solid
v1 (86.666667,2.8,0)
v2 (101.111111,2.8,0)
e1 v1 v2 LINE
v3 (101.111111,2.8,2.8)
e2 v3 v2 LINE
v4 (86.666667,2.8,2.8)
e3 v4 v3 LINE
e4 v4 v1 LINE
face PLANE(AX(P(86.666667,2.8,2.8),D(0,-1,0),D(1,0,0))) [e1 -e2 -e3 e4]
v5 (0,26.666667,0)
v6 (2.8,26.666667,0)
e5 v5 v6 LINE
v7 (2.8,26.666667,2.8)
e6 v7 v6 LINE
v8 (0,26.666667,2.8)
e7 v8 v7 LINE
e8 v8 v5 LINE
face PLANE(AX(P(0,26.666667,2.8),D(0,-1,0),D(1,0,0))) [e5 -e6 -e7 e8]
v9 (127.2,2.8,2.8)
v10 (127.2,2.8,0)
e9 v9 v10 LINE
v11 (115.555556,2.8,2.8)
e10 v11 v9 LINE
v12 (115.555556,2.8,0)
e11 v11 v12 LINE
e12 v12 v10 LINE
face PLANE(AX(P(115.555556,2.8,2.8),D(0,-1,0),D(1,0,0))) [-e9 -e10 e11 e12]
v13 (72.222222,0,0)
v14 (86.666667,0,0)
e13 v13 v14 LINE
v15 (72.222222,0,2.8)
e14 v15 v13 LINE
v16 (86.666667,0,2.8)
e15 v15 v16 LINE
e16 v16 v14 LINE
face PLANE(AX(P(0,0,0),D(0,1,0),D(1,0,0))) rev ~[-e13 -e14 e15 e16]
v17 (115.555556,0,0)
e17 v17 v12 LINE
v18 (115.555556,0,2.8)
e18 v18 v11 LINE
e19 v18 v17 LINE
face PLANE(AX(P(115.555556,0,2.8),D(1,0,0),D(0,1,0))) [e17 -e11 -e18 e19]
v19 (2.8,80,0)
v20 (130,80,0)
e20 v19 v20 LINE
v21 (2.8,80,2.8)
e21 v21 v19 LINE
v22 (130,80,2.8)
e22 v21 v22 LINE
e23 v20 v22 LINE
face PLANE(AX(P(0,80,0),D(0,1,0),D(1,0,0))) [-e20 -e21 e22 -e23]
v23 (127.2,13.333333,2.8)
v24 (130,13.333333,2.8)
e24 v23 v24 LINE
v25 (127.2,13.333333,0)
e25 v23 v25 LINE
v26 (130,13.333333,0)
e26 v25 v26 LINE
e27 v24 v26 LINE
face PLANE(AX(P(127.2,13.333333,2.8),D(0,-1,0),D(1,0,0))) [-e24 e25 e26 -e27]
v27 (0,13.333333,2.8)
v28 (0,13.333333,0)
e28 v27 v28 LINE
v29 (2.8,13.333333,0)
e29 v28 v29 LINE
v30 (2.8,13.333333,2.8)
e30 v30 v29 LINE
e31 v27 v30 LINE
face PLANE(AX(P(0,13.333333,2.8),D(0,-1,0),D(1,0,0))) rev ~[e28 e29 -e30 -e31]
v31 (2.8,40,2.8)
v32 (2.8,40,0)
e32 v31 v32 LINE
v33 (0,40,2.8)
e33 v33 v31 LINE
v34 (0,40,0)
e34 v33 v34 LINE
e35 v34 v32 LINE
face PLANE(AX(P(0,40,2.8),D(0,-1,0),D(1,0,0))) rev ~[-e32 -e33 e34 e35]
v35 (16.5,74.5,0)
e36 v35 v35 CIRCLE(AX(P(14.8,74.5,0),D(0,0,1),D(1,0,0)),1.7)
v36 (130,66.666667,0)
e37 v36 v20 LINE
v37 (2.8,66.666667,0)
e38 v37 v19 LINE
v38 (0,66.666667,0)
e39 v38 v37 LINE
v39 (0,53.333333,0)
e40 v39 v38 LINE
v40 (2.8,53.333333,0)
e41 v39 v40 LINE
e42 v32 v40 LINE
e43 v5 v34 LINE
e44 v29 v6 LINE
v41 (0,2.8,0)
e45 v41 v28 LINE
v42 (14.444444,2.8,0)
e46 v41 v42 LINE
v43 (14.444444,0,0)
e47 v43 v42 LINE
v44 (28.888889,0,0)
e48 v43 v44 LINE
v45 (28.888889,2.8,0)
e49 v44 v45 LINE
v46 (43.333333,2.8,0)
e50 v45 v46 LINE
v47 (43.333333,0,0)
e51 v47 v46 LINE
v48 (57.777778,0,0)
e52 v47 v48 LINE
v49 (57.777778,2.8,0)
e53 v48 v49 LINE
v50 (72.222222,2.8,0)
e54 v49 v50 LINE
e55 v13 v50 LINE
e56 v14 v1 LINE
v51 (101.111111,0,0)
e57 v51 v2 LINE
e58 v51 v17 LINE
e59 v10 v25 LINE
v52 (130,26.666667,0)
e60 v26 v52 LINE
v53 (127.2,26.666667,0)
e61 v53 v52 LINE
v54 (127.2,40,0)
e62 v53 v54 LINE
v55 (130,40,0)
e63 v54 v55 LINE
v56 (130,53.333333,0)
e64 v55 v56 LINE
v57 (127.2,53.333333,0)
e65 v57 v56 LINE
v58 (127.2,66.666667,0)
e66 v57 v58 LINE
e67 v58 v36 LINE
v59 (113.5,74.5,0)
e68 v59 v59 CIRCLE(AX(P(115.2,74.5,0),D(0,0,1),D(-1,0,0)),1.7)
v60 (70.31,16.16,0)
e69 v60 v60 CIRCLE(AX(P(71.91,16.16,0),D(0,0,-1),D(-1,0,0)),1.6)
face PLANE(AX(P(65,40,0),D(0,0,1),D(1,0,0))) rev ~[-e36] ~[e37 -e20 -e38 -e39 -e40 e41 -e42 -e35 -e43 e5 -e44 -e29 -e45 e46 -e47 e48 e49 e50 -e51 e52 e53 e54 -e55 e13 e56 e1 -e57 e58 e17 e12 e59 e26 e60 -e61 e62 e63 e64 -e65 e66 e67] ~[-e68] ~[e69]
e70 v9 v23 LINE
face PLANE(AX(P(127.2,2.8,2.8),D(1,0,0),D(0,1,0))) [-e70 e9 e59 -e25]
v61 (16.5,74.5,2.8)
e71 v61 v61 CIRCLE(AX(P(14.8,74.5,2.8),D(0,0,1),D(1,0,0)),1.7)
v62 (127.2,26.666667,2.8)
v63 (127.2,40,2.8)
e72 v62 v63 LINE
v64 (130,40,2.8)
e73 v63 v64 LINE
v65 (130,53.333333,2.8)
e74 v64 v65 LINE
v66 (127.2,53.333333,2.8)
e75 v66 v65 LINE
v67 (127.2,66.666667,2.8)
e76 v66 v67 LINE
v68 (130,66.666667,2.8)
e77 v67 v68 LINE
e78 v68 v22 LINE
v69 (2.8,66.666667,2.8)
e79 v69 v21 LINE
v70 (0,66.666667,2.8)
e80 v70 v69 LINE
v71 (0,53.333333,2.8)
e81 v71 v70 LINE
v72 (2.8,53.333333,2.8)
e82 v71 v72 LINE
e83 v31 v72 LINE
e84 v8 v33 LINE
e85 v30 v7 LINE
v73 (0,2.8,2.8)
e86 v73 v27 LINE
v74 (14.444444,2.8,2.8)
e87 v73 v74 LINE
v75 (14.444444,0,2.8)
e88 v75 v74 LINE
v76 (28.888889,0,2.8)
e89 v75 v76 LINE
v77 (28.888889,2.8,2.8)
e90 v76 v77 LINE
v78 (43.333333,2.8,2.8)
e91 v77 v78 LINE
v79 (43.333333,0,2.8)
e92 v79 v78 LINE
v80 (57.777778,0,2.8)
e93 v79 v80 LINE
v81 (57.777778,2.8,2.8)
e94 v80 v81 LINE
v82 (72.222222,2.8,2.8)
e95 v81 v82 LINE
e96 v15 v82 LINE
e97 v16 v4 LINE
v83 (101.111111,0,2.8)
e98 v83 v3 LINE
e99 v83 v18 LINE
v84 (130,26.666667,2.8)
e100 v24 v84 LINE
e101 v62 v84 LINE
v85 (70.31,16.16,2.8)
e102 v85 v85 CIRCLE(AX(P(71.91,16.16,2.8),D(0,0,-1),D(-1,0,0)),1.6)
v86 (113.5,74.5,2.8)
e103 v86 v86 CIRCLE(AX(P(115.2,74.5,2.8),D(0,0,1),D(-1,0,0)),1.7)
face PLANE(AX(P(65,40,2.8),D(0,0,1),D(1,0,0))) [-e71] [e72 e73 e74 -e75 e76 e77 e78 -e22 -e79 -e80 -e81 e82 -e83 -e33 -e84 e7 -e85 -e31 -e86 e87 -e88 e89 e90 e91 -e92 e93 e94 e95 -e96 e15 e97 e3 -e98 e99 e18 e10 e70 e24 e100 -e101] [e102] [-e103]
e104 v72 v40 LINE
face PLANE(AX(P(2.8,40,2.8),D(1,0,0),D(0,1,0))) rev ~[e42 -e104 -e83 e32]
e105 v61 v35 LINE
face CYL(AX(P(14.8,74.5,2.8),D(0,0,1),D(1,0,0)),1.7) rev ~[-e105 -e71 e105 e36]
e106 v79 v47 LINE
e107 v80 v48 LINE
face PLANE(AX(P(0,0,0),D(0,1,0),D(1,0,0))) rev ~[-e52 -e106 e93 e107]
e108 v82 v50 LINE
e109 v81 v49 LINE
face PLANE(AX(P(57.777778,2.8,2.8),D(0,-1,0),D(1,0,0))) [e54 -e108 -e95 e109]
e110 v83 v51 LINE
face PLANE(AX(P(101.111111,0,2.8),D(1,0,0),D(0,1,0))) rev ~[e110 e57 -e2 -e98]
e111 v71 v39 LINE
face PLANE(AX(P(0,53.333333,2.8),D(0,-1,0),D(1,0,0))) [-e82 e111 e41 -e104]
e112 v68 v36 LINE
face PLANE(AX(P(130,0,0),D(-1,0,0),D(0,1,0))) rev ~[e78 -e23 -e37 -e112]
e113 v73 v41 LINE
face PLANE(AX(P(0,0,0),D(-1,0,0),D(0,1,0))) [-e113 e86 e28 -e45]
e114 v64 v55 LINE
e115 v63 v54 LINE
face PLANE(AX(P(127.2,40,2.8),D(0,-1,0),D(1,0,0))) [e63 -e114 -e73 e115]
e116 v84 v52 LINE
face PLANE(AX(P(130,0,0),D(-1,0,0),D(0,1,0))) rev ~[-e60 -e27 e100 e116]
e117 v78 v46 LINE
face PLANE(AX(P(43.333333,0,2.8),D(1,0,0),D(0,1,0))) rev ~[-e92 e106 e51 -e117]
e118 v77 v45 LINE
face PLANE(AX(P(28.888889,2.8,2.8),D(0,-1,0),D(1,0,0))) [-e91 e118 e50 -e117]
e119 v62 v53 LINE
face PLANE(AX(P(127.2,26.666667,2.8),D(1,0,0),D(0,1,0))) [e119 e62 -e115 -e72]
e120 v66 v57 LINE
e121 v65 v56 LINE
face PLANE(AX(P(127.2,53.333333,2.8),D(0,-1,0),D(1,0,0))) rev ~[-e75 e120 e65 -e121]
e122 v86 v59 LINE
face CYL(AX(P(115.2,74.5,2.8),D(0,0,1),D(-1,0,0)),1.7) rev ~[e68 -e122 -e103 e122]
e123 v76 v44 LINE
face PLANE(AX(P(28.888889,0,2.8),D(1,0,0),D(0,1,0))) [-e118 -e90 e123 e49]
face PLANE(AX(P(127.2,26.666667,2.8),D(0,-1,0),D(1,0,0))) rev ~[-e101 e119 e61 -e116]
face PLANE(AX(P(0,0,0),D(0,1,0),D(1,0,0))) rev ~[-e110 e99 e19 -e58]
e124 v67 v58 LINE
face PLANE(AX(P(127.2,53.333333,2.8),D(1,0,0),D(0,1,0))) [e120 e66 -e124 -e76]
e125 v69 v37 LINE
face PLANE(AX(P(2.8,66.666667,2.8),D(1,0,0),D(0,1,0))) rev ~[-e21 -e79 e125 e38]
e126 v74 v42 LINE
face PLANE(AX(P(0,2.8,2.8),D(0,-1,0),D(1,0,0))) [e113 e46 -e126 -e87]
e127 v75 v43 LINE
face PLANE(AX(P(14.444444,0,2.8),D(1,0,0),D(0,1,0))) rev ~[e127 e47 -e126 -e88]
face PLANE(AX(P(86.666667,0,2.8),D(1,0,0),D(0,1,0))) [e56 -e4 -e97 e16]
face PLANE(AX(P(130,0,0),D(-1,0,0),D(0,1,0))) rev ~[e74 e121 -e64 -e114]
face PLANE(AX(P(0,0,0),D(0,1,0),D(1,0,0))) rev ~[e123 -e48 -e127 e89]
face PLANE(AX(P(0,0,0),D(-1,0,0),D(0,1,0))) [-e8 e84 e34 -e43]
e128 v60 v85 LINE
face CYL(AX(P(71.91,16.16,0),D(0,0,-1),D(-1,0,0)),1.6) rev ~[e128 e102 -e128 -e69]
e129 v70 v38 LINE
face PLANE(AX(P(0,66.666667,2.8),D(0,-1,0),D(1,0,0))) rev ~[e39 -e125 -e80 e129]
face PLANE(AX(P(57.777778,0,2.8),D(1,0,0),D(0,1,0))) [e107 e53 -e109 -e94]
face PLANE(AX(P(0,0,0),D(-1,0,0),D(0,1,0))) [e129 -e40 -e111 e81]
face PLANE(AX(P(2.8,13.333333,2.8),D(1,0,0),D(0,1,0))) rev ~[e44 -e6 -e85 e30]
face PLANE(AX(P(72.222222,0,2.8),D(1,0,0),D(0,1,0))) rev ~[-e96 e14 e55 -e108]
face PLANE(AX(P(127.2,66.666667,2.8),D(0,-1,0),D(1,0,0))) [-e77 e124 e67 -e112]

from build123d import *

# Parameters (mm, degrees)
SKETCH1_W                = 130
SKETCH1_H                = 80
BOSS_EXTRUDE1_DEPTH      = 2.8
SKETCH2_W                = 14.444444444
SKETCH2_H                = 2.8
SKETCH2_W_2              = 2.8
SKETCH2_H_2              = 13.333333334
SKETCH2_H_3              = 13.333333333
CUT_EXTRUDE1_DEPTH       = 153.669053839
CUT_EXTRUDE2_REACH       = 154.669
SKETCH3_R                = 1.7
TUNING_DRIVER_HOLE_REACH = 154.669
SKETCH4_R                = 1.6


with BuildPart() as part:
    # Sketch1 → Boss-Extrude1 (new body)
    with BuildSketch(Plane.XY):
        with Locations((65, 40)):
            Rectangle(SKETCH1_W, SKETCH1_H)
    extrude(amount=BOSS_EXTRUDE1_DEPTH)

    # Sketch2 → Cut-Extrude1 (cut, through all)
    with BuildSketch(Plane.XY.offset(2.8)):
        with Locations((7.222222222, 1.4)):
            Rectangle(SKETCH2_W, SKETCH2_H)
        with Locations((36.111111111, 1.4)):
            Rectangle(SKETCH2_W, SKETCH2_H)
        with Locations((65, 1.4)):
            Rectangle(SKETCH2_W, SKETCH2_H)
        with Locations((93.888888889, 1.4)):
            Rectangle(SKETCH2_W, SKETCH2_H)
        Polygon((115.555555556, 0), (115.555555556, 2.8), (127.2, 2.8), (127.2, 13.333333333), (130, 13.333333333), (130, 0), align=None)
        with Locations((1.4, 20)):
            Rectangle(SKETCH2_W_2, SKETCH2_H_2)
        with Locations((1.4, 46.666666667)):
            Rectangle(SKETCH2_W_2, SKETCH2_H_3)
        with Locations((1.4, 73.333333334)):
            Rectangle(SKETCH2_W_2, SKETCH2_H_3)
        with Locations((128.6, 33.333333334)):
            Rectangle(SKETCH2_W_2, SKETCH2_H_3)
        with Locations((128.6, 60)):
            Rectangle(SKETCH2_W_2, SKETCH2_H_2)
    extrude(amount=-CUT_EXTRUDE1_DEPTH, mode=Mode.SUBTRACT)

    # Sketch3 → Cut-Extrude2 (cut, up to next)
    with BuildSketch(Plane.XY.offset(2.8), mode=Mode.PRIVATE) as cut_extrude2_sk1:
        with Locations((14.8, 74.5)):
            Circle(SKETCH3_R)
    cut_extrude2_tool1 = extrude(cut_extrude2_sk1.sketch, amount=-CUT_EXTRUDE2_REACH, mode=Mode.PRIVATE) & part.part
    # Sketch3 → Cut-Extrude2 (cut, up to next)
    with BuildSketch(Plane.XY.offset(2.8), mode=Mode.PRIVATE) as cut_extrude2_sk2:
        with Locations(Location((115.2, 74.5, 0), (0, 0, 180))):
            Circle(SKETCH3_R)
    cut_extrude2_tool2 = extrude(cut_extrude2_sk2.sketch, amount=-CUT_EXTRUDE2_REACH, mode=Mode.PRIVATE) & part.part
    add(cut_extrude2_tool1.solids().sort_by_distance((14.8, 74.5, 2.8))[0], mode=Mode.SUBTRACT)
    add(cut_extrude2_tool2.solids().sort_by_distance((115.2, 74.5, 2.8))[0], mode=Mode.SUBTRACT)

    # Sketch4 → Tuning driver hole (cut, up to next)
    with BuildSketch(Plane(origin=(0, 0, 0), x_dir=(-1, 0, 0), z_dir=(0, 0, -1)), mode=Mode.PRIVATE) as tuning_driver_hole_sk1:
        with Locations((-71.91, 16.16)):
            Circle(SKETCH4_R)
    tuning_driver_hole_tool1 = extrude(tuning_driver_hole_sk1.sketch, amount=-TUNING_DRIVER_HOLE_REACH, mode=Mode.PRIVATE) & part.part
    add(tuning_driver_hole_tool1.solids().sort_by_distance((71.91, 16.16, 0))[0], mode=Mode.SUBTRACT)


solid = part.part
